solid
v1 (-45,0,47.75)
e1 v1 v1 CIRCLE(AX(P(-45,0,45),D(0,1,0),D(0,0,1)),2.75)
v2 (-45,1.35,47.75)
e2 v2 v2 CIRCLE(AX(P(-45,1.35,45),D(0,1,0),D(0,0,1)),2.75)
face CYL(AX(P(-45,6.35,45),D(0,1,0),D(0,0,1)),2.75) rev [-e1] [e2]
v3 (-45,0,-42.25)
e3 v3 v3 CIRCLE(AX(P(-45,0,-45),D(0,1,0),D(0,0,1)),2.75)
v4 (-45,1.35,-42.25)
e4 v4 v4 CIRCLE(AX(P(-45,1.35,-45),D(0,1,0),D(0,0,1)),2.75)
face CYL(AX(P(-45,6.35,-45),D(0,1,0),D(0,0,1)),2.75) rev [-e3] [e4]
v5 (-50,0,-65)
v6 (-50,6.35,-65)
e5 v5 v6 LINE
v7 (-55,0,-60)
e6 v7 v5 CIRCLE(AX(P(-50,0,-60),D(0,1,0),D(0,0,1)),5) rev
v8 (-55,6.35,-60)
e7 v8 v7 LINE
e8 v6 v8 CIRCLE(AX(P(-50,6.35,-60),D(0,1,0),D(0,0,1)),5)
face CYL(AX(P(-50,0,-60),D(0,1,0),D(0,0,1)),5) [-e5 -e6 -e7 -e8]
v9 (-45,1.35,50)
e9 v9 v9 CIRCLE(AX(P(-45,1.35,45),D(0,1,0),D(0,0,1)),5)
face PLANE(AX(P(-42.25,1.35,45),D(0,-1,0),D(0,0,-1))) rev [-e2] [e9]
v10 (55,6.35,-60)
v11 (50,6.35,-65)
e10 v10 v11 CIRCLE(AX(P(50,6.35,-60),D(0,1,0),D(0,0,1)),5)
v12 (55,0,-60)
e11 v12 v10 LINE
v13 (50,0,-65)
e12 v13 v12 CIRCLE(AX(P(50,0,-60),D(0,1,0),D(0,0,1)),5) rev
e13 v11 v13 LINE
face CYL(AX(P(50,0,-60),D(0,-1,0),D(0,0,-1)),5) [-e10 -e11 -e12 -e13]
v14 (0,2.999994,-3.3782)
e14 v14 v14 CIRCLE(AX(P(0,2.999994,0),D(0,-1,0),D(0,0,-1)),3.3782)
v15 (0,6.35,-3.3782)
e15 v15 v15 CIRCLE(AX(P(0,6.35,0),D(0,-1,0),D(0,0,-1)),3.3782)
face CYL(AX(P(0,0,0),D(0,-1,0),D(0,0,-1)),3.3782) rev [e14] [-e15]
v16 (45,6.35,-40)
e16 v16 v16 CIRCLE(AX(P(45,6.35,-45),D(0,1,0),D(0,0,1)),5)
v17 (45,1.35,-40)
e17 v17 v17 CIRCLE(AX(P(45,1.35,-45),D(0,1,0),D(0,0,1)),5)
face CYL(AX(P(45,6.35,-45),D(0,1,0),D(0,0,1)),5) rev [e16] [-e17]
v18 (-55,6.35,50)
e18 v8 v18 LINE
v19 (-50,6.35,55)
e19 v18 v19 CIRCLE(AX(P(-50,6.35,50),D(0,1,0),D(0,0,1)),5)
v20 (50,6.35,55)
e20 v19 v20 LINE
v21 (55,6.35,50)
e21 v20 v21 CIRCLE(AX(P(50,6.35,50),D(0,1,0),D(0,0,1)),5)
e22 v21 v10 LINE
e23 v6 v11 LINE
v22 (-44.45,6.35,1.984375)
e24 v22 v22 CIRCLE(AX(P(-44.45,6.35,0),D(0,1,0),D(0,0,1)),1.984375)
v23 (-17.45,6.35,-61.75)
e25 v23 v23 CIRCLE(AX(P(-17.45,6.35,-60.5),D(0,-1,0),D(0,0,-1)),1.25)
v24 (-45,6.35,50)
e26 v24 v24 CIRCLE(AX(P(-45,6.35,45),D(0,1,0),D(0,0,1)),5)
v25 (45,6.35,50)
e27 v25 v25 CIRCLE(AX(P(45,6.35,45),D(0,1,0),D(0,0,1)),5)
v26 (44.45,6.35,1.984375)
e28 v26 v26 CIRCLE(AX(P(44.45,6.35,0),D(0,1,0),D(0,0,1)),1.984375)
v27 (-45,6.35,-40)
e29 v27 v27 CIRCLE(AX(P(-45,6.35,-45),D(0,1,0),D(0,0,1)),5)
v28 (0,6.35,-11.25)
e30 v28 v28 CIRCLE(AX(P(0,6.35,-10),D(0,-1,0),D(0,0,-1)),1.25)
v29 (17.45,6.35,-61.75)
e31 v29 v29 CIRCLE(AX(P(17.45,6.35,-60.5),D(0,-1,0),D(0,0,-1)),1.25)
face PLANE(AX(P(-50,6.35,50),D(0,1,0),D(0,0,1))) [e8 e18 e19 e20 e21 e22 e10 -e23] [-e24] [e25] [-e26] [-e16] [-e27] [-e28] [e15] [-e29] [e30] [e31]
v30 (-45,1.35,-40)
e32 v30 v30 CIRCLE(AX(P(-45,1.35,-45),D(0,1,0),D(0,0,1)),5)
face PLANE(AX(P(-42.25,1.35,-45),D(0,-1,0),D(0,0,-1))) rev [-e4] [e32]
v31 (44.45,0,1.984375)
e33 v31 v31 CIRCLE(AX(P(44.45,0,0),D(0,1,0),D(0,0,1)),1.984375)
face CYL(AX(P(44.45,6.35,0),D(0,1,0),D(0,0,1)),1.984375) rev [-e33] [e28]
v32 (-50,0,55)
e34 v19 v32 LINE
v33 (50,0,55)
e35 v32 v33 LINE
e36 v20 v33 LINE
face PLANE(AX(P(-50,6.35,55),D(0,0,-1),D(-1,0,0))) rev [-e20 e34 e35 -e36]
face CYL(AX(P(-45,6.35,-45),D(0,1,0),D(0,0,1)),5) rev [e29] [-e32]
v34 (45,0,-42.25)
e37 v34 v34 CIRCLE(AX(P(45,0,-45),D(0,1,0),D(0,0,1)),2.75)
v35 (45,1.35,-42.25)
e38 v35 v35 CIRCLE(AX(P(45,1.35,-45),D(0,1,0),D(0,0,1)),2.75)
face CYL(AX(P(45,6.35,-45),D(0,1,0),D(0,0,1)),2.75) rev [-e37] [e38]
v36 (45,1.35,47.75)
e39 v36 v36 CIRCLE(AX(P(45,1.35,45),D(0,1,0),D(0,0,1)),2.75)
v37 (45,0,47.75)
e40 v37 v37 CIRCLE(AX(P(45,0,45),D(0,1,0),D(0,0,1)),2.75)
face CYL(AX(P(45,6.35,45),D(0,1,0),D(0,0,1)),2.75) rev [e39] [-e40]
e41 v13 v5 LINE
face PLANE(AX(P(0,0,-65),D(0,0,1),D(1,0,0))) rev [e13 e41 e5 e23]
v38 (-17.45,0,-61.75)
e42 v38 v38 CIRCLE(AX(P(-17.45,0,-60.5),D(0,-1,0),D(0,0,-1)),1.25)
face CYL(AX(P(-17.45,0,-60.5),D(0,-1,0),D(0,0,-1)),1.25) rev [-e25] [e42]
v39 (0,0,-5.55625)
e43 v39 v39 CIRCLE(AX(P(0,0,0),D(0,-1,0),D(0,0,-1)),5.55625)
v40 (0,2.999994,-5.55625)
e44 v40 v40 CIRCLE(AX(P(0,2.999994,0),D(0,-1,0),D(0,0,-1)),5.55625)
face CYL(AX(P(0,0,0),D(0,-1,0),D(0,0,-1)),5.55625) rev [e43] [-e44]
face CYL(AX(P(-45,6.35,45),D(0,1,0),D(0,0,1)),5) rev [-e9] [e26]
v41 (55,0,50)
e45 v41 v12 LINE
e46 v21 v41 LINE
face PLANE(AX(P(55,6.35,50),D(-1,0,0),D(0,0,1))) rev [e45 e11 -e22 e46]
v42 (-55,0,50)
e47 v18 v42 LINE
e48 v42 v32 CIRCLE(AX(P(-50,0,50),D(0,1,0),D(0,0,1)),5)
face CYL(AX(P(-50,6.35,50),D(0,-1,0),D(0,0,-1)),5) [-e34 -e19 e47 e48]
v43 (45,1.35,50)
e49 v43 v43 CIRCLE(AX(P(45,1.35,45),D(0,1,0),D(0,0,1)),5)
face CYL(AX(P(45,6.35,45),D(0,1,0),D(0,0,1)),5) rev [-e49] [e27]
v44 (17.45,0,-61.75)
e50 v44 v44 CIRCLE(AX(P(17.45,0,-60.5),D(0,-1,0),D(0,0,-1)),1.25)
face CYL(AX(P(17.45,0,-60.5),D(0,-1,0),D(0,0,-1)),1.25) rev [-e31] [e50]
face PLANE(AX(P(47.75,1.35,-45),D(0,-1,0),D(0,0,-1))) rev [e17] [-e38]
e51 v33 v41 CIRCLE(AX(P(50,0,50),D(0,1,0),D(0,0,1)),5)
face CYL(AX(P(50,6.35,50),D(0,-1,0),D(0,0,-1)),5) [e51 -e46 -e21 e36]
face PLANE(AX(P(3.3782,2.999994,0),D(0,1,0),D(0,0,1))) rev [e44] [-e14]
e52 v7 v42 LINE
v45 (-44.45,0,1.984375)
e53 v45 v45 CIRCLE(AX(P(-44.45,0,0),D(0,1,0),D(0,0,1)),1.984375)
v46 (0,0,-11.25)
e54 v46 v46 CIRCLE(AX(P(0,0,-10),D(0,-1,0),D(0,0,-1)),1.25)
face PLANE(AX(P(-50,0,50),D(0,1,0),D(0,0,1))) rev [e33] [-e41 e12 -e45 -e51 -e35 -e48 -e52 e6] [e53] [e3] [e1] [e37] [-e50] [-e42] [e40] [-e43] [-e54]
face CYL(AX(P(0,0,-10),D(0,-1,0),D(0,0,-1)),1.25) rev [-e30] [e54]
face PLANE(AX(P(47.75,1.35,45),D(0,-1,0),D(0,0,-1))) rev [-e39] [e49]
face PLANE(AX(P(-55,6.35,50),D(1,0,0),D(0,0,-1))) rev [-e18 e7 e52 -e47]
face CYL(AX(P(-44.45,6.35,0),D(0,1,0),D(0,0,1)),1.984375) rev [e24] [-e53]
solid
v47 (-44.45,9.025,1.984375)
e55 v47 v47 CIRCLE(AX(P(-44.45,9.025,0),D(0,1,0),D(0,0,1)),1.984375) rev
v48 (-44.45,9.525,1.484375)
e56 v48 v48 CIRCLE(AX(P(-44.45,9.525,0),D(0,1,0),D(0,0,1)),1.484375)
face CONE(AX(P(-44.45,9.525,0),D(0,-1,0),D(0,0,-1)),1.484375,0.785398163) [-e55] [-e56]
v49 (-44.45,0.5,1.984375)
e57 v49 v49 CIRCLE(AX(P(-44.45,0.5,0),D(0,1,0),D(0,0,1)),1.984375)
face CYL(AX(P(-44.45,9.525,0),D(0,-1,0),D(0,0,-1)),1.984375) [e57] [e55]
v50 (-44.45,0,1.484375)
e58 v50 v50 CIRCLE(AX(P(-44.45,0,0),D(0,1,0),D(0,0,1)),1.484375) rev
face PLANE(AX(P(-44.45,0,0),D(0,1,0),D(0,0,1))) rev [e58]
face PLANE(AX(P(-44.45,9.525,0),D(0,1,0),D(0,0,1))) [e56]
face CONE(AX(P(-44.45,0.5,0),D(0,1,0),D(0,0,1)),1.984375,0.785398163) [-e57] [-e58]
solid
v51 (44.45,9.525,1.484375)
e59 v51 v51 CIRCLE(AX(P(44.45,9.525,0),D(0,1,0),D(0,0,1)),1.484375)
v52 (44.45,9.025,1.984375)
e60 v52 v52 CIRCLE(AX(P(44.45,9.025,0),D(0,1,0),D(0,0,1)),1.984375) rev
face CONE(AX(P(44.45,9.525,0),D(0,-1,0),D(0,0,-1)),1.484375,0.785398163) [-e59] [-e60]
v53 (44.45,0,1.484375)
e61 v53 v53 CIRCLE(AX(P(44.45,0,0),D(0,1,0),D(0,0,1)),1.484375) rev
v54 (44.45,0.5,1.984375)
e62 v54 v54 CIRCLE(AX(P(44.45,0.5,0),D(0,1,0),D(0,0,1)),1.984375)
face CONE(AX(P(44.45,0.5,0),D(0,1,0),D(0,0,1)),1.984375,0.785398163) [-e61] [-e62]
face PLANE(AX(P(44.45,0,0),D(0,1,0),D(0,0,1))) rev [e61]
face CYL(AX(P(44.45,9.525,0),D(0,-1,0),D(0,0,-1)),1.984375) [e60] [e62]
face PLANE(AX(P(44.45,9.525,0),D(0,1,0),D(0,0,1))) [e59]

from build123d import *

# Parameters (mm, degrees)
BOSS_EXTRUDE1_DEPTH                              = 6.35
CBORE_FOR_1_4_SOCKET_HEAD_CAP_SCREW1_D           = 6.7564
CBORE_FOR_1_4_SOCKET_HEAD_CAP_SCREW1_CBORE_D     = 11.1125
CBORE_FOR_1_4_SOCKET_HEAD_CAP_SCREW1_CBORE_DEPTH = 2.999994
CBORE_FOR_M5_SHCS1_D                             = 5.5
CBORE_FOR_M5_SHCS1_DEPTH                         = 11.59
CBORE_FOR_M5_SHCS1_CBORE_D                       = 10
CBORE_FOR_M5_SHCS1_CBORE_DEPTH                   = 5
CBORE_FOR_M5_SHCS1_TIP                           = 1.652366702
F_1_8_0_125_PRESS_DOWEL_HOLE1_D                  = 3.96875
SKETCH12_W                                       = 110
SKETCH12_H                                       = 6.35
BOSS_EXTRUDE3_DEPTH                              = 10
FILLET1_R                                        = 5
M3X0_5_TAPPED_HOLE1_D                            = 2.5
SKETCH13_R                                       = 1.984375
BOSS_EXTRUDE4_DEPTH                              = 9.525
BOSS_EXTRUDE4_2_DEPTH                            = 9.525
CHAMFER1_SIZE                                    = 0.5
CHAMFER2_SIZE                                    = 0.5


with BuildPart() as part:
    # Sketch1 → Boss-Extrude1 (new body)
    with BuildSketch(Plane(origin=(0, 0, 0), x_dir=(1, 0, 0), z_dir=(0, 1, 0))):
        with BuildLine():
            Line((-50, -55), (50, -55))
            ThreePointArc((50, -55), (53.535533906, -53.535533906), (55, -50))
            Line((55, -50), (55, 55))
            Line((55, 55), (-55, 55))
            Line((-55, 55), (-55, -50))
            ThreePointArc((-55, -50), (-53.535533906, -53.535533906), (-50, -55))
        make_face()
    extrude(amount=BOSS_EXTRUDE1_DEPTH)

    # CBORE for 1/4 Socket Head Cap Screw1 (through all)
    with Locations(Plane(origin=(0, 0, 0), x_dir=(-1, 0, 0), z_dir=(0, -1, 0))):
        with Locations((0, 0)):
            CounterBoreHole(CBORE_FOR_1_4_SOCKET_HEAD_CAP_SCREW1_D / 2, CBORE_FOR_1_4_SOCKET_HEAD_CAP_SCREW1_CBORE_D / 2, CBORE_FOR_1_4_SOCKET_HEAD_CAP_SCREW1_CBORE_DEPTH)

    # CBORE for M5 SHCS1
    with Locations(Plane(origin=(0, 6.35, 0), x_dir=(1, 0, 0), z_dir=(0, 1, 0))):
        with Locations((45, 45), (45, -45), (-45, -45), (-45, 45)):
            CounterBoreHole(CBORE_FOR_M5_SHCS1_D / 2, CBORE_FOR_M5_SHCS1_CBORE_D / 2, CBORE_FOR_M5_SHCS1_CBORE_DEPTH, depth=CBORE_FOR_M5_SHCS1_DEPTH)
            with Locations((0, 0, -(CBORE_FOR_M5_SHCS1_DEPTH + CBORE_FOR_M5_SHCS1_TIP / 2))):  # 118° drill point
                Cone(0, CBORE_FOR_M5_SHCS1_D / 2, CBORE_FOR_M5_SHCS1_TIP, mode=Mode.SUBTRACT)

    # 1/8 (0.125) Press Dowel Hole1 (through all)
    with Locations(Plane(origin=(0, 6.35, 0), x_dir=(1, 0, 0), z_dir=(0, 1, 0))):
        with Locations((-44.45, 0), (44.45, 0)):
            Hole(F_1_8_0_125_PRESS_DOWEL_HOLE1_D / 2)

    # Sketch12 → Boss-Extrude3 (add)
    with BuildSketch(Plane(origin=(0, 0, -55), x_dir=(-1, 0, 0), z_dir=(0, 0, -1))):
        with Locations((0, 3.175)):
            Rectangle(SKETCH12_W, SKETCH12_H)
    extrude(amount=BOSS_EXTRUDE3_DEPTH)

    # Fillet1
    fillet1_edges = [part.edges().sort_by_distance(p)[0] for p in [
        (55, 3.175, -65),
        (-55, 3.175, -65),
    ]]
    fillet(fillet1_edges, radius=FILLET1_R)

    # M3x0.5 Tapped Hole1 (through all)
    with Locations(Plane(origin=(0, 0, 0), x_dir=(-1, 0, 0), z_dir=(0, -1, 0))):
        with Locations((-17.45, 60.5), (17.45, 60.5), (0, 10)):
            Hole(M3X0_5_TAPPED_HOLE1_D / 2)


with BuildPart() as body_2:
    # Sketch13 → Boss-Extrude4 (new body)
    with BuildSketch(Plane(origin=(0, 0, 0), x_dir=(1, 0, 0), z_dir=(0, 1, 0))):
        with Locations((44.45, 0)):
            Circle(SKETCH13_R)
    extrude(amount=BOSS_EXTRUDE4_DEPTH)

    # Chamfer1
    chamfer1_edges = [body_2.edges().sort_by_distance(p)[0] for p in [
        (42.465625, 0, 0),
        (42.465625, 9.525, 0),
    ]]
    chamfer(chamfer1_edges, length=CHAMFER1_SIZE)


with BuildPart() as body_3:
    # Sketch13 → Boss-Extrude4 2 (new body)
    with BuildSketch(Plane(origin=(0, 0, 0), x_dir=(1, 0, 0), z_dir=(0, 1, 0))):
        with Locations((-44.45, 0)):
            Circle(SKETCH13_R)
    extrude(amount=BOSS_EXTRUDE4_2_DEPTH)

    # Chamfer2
    chamfer2_edges = [body_3.edges().sort_by_distance(p)[0] for p in [
        (-46.434375, 0, 0),
        (-46.434375, 9.525, 0),
    ]]
    chamfer(chamfer2_edges, length=CHAMFER2_SIZE)


solid = Compound([part.part, body_2.part, body_3.part])
